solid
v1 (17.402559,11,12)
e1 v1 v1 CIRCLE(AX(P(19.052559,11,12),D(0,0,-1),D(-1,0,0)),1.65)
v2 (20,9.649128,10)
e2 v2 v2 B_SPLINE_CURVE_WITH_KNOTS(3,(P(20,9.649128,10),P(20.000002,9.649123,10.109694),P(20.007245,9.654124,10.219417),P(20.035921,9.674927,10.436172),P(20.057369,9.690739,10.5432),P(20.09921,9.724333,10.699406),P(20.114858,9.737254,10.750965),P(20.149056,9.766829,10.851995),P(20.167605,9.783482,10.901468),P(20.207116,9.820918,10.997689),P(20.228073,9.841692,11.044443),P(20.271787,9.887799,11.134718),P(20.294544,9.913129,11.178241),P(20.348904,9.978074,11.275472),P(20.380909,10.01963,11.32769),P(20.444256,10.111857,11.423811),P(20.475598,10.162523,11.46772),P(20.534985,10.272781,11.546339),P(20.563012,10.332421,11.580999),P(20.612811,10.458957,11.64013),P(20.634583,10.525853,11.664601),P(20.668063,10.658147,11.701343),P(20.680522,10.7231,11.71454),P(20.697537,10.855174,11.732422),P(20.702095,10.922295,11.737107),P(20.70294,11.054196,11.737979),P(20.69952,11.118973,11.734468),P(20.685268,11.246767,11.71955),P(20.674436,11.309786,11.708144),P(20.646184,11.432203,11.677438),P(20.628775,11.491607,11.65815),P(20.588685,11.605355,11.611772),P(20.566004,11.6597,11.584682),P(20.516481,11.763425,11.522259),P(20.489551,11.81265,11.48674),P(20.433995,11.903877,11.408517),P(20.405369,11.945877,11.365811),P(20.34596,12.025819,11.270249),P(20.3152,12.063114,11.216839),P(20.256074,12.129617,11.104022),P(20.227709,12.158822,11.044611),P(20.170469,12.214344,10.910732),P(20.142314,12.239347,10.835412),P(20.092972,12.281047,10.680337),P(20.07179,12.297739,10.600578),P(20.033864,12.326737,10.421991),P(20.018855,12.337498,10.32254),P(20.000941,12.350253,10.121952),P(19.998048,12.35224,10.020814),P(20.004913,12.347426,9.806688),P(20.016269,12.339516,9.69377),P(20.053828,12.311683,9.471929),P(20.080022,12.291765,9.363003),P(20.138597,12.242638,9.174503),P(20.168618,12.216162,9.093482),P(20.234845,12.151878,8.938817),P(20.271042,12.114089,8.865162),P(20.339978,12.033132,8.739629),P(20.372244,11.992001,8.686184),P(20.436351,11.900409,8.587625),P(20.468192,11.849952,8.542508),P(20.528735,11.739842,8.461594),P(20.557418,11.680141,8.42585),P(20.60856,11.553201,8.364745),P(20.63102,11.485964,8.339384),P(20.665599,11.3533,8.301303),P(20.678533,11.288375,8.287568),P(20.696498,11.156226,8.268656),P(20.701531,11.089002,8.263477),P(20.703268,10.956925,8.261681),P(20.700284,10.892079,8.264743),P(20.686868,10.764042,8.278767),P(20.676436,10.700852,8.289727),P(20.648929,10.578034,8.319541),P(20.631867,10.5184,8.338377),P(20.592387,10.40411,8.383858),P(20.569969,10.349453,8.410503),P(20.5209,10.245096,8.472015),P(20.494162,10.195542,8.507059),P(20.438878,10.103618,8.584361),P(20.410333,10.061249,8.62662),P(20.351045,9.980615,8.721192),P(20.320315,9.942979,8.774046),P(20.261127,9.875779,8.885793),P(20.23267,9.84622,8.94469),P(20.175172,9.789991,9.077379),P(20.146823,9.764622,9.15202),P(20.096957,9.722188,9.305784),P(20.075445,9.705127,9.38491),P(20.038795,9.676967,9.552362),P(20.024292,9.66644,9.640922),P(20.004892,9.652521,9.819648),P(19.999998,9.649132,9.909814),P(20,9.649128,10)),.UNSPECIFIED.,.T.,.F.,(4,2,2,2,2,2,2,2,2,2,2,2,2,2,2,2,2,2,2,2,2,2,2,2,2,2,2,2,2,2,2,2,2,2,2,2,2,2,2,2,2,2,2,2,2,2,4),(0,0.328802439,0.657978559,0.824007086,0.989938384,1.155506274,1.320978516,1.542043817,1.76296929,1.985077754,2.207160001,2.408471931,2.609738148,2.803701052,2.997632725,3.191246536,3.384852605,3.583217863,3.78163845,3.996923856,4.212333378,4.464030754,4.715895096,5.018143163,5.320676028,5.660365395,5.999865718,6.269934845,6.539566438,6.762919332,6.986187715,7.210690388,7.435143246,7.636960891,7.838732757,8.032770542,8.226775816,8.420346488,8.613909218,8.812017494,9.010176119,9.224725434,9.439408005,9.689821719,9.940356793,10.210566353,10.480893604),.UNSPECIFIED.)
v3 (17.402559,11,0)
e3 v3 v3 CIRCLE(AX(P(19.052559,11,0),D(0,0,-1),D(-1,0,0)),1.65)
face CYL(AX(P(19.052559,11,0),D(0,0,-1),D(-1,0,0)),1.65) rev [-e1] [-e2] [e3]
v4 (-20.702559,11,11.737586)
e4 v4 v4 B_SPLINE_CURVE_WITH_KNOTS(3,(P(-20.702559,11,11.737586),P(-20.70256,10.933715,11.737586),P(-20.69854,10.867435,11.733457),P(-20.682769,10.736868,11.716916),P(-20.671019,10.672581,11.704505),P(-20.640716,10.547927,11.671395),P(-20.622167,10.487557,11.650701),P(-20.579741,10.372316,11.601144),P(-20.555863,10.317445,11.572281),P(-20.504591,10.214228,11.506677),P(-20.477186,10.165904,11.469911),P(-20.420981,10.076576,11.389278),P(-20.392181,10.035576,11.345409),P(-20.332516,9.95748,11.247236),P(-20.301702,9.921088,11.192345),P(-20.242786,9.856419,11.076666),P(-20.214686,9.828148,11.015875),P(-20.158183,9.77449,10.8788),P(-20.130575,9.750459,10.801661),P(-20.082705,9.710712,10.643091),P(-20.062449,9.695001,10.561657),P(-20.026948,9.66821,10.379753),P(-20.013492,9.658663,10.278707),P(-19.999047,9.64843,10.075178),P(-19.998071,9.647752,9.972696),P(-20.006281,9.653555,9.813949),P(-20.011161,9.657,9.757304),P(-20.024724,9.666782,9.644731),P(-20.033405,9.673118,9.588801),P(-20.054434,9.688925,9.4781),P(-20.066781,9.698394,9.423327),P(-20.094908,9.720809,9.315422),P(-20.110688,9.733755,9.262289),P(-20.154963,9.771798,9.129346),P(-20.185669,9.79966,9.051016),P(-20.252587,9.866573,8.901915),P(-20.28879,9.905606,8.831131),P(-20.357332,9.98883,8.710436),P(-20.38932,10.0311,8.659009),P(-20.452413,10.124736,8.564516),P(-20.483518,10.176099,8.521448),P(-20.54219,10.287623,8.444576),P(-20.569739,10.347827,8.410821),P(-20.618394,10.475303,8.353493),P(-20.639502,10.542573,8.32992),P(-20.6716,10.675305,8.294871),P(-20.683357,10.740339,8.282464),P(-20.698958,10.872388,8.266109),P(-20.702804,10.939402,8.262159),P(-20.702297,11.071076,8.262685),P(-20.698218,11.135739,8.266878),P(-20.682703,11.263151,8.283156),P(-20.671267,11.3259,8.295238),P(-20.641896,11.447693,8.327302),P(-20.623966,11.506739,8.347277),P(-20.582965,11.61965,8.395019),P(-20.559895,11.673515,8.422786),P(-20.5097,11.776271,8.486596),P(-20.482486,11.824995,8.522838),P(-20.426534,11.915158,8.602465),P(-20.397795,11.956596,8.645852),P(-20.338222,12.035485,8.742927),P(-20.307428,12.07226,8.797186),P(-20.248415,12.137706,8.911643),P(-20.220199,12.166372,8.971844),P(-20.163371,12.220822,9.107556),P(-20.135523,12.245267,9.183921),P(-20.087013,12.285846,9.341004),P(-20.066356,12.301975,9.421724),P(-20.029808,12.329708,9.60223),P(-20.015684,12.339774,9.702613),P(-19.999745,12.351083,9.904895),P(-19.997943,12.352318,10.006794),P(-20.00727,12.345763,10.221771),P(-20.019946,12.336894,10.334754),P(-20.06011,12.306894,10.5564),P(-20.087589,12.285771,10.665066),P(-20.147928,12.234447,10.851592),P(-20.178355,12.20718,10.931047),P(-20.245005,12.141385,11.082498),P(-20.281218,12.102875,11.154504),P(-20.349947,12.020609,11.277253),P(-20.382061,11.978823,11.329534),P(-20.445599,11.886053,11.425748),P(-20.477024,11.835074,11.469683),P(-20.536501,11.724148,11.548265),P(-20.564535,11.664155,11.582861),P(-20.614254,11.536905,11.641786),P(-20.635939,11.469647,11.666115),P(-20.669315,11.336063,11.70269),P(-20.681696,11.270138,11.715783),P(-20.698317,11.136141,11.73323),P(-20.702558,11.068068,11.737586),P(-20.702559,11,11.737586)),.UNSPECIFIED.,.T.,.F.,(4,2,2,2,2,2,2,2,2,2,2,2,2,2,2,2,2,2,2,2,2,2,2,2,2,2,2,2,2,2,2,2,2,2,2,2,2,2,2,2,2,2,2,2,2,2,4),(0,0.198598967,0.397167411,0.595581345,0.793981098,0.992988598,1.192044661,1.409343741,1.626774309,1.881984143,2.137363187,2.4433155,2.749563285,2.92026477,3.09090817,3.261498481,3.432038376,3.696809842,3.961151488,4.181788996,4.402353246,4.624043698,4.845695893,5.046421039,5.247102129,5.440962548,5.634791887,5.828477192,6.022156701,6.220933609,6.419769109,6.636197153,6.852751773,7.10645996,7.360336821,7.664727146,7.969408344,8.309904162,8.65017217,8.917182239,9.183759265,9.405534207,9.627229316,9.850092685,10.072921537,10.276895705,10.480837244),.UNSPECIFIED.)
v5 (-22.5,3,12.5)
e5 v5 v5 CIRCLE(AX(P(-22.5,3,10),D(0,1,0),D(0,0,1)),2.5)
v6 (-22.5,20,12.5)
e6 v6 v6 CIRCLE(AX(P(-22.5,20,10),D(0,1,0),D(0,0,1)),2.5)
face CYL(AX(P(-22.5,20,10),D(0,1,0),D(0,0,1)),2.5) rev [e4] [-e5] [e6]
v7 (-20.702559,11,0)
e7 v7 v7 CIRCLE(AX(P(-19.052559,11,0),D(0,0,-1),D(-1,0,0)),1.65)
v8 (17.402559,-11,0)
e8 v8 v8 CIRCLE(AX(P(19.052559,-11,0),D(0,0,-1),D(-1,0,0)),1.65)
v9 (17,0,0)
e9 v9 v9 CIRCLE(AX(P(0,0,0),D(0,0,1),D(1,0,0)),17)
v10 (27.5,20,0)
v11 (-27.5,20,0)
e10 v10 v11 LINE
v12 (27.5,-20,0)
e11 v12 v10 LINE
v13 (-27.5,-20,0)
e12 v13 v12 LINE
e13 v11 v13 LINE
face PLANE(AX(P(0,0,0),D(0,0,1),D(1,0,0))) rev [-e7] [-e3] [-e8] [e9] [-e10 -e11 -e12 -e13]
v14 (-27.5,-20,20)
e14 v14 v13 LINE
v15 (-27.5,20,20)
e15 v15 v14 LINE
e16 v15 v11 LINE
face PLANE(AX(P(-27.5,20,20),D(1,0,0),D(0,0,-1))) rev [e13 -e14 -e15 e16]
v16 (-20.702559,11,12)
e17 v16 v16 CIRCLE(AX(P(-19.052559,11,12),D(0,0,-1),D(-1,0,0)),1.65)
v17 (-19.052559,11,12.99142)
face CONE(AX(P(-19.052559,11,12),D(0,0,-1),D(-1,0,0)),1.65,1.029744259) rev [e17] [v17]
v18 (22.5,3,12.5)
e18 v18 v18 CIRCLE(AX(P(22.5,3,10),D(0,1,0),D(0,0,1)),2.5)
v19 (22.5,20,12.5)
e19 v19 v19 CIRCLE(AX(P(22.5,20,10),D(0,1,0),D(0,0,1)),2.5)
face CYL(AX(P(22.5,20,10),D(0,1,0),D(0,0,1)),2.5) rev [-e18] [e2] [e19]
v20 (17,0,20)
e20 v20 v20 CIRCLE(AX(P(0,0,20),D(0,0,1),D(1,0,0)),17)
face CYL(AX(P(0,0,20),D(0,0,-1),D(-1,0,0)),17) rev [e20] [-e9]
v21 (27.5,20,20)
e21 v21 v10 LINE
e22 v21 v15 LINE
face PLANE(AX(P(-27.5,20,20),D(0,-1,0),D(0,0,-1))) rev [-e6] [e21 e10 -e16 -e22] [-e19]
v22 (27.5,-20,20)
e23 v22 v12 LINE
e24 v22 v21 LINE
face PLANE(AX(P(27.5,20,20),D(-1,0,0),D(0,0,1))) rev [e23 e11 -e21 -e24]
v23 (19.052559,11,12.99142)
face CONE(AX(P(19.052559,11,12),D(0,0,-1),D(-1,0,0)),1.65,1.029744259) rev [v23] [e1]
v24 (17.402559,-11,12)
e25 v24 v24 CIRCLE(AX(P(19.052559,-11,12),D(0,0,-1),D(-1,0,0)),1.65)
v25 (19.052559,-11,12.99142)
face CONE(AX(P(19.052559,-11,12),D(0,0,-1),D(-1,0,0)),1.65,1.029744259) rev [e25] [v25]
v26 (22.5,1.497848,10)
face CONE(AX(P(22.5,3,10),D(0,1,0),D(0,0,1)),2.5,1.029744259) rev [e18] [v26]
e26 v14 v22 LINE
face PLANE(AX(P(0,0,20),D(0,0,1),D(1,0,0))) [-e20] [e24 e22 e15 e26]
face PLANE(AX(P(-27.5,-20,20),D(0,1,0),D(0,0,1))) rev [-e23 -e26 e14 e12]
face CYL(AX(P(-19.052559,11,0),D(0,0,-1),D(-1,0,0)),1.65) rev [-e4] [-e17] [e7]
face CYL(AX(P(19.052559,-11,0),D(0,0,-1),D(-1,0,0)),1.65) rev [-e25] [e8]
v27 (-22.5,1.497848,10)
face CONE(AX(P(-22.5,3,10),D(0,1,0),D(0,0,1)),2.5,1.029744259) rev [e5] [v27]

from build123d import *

# Parameters (mm, degrees)
SKETCH1_W                 = 55
SKETCH1_H                 = 40
SKETCH1_R                 = 17
BOSS_EXTRUDE1_DEPTH       = 20
M6_TAPPED_HOLE1_D         = 5
M6_TAPPED_HOLE1_DEPTH     = 17
M6_TAPPED_HOLE1_TIP       = 1.502151548
M4X0_7_TAPPED_HOLE3_D     = 3.3
M4X0_7_TAPPED_HOLE3_DEPTH = 12
M4X0_7_TAPPED_HOLE3_TIP   = 0.991420021


with BuildPart() as part:
    # Sketch1 → Boss-Extrude1 (new body)
    with BuildSketch(Plane.XY):
        Rectangle(SKETCH1_W, SKETCH1_H)
        Circle(SKETCH1_R, mode=Mode.SUBTRACT)
    extrude(amount=BOSS_EXTRUDE1_DEPTH)

    # M6 Tapped Hole1
    with Locations(Plane(origin=(0, 20, 0), x_dir=(1, 0, 0), z_dir=(0, 1, 0))):
        with Locations((-22.5, -10), (22.5, -10)):
            Hole(M6_TAPPED_HOLE1_D / 2, depth=M6_TAPPED_HOLE1_DEPTH)
            with Locations((0, 0, -(M6_TAPPED_HOLE1_DEPTH + M6_TAPPED_HOLE1_TIP / 2))):  # 118° drill point
                Cone(0, M6_TAPPED_HOLE1_D / 2, M6_TAPPED_HOLE1_TIP, mode=Mode.SUBTRACT)

    # M4x0.7 Tapped Hole3
    with Locations(Plane(origin=(-5.289478712, -11.13007226, 0), x_dir=(-1, 0, 0), z_dir=(0, 0, -1))):
        with Locations((-24.342037596, 0.13007226), (-24.342037596, 22.13007226), (-5.289478712, 33.13007226), (13.763080171, 22.13007226)):
            Hole(M4X0_7_TAPPED_HOLE3_D / 2, depth=M4X0_7_TAPPED_HOLE3_DEPTH)
            with Locations((0, 0, -(M4X0_7_TAPPED_HOLE3_DEPTH + M4X0_7_TAPPED_HOLE3_TIP / 2))):  # 118° drill point
                Cone(0, M4X0_7_TAPPED_HOLE3_D / 2, M4X0_7_TAPPED_HOLE3_TIP, mode=Mode.SUBTRACT)


solid = part.part
